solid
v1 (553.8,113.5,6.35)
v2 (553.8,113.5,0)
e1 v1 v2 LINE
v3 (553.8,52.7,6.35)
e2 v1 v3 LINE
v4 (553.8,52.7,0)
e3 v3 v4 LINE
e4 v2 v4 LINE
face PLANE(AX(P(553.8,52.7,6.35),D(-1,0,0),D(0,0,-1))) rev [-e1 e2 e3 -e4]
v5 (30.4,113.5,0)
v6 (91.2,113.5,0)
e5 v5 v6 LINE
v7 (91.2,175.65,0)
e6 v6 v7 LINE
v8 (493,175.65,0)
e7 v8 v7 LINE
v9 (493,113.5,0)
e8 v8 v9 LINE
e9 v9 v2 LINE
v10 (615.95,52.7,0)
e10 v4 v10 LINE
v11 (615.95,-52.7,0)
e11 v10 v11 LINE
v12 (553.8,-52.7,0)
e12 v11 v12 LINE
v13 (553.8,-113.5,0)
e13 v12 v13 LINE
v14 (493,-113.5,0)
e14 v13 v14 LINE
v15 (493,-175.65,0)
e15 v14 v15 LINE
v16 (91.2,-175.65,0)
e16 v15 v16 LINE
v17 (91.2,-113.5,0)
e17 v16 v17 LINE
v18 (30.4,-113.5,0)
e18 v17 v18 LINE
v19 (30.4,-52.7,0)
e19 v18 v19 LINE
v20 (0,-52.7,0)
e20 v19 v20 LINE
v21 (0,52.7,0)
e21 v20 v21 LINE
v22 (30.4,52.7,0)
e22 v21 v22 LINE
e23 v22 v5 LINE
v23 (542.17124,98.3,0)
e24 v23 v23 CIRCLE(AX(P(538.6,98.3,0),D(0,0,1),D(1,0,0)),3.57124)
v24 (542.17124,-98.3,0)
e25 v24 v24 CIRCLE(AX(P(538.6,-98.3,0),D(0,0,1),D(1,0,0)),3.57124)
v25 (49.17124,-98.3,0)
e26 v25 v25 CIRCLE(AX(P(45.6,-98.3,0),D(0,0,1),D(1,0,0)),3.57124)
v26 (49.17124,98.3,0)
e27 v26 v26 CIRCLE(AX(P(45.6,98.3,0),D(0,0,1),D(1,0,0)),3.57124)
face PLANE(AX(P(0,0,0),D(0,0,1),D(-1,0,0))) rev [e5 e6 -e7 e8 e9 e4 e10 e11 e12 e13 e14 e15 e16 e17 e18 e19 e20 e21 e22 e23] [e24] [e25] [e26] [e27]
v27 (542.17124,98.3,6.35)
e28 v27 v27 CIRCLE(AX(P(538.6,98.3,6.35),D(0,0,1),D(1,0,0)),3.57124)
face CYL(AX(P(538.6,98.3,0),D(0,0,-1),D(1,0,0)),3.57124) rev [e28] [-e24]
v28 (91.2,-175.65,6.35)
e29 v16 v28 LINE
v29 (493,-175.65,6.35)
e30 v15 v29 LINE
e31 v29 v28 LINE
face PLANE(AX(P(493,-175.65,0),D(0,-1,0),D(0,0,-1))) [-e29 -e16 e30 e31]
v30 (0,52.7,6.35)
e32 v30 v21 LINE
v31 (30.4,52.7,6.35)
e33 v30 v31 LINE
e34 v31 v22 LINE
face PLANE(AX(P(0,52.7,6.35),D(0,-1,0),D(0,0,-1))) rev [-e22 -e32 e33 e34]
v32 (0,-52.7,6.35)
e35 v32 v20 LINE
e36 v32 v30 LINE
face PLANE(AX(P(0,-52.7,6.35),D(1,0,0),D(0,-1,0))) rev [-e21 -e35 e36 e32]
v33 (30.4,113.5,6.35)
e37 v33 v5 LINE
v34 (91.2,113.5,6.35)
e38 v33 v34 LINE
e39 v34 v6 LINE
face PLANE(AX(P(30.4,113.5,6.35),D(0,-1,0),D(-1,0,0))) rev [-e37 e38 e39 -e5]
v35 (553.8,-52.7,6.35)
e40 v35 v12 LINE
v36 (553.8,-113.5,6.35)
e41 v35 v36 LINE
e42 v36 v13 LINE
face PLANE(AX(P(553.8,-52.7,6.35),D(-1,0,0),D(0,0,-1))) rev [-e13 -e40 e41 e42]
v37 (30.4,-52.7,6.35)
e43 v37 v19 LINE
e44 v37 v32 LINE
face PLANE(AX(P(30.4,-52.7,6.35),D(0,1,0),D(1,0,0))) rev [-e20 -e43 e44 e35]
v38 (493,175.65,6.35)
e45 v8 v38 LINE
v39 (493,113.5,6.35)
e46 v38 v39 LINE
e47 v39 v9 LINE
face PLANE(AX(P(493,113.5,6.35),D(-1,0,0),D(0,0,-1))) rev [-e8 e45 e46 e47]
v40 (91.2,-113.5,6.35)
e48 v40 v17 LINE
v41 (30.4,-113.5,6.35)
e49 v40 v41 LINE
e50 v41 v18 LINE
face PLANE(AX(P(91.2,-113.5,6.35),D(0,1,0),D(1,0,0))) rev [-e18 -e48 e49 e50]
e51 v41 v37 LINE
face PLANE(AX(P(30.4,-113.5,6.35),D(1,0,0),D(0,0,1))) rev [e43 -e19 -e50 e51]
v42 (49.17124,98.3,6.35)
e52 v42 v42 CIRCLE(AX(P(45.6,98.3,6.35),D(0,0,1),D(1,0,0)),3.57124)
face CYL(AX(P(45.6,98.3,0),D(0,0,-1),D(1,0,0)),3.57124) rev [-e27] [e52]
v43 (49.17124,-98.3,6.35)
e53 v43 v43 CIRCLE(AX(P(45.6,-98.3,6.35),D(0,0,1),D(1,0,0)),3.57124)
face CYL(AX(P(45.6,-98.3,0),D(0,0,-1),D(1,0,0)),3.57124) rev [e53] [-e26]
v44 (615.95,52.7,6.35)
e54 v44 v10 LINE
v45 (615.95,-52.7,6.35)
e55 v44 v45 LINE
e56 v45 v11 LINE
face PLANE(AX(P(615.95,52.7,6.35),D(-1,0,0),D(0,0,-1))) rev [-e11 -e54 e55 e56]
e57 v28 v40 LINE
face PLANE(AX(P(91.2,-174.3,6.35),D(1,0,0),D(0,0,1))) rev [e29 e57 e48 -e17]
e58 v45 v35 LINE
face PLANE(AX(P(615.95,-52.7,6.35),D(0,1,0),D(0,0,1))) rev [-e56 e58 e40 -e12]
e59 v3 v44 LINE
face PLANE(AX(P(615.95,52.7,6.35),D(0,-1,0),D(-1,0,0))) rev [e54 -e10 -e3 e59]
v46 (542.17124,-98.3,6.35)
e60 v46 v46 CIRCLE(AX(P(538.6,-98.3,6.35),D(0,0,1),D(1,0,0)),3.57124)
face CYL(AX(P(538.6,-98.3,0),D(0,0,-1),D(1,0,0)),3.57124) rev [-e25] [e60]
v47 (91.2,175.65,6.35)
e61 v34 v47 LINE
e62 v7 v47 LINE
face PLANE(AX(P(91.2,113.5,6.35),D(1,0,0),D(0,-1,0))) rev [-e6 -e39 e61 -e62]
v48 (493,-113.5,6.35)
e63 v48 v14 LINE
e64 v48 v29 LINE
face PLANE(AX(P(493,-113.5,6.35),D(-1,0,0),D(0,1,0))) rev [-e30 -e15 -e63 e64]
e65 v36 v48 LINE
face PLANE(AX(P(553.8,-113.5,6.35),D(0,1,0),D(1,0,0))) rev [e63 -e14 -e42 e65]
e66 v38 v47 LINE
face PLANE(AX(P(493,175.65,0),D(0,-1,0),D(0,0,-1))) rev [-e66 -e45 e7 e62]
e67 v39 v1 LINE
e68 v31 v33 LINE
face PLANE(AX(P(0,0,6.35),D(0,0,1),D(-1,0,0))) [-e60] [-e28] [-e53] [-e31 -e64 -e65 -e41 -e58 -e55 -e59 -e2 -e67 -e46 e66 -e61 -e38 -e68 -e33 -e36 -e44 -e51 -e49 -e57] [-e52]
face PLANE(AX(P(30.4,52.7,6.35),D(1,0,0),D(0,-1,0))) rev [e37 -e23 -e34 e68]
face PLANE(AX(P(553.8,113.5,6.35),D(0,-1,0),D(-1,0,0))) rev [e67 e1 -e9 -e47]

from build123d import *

# Parameters (mm, degrees)
BOSS_EXTRU_1_DEPTH      = 6.35
ESQUISSE2_W             = 401.8
ESQUISSE2_H             = 6.35
ENL_V_MAT_EXTRU_1_DEPTH = 643.307344657
D_GAGEMENT_1_41_D       = 7.14248
ESQUISSE5_W             = 401.8
ESQUISSE5_H             = 1.35
BOSS_EXTRU_2_DEPTH      = 6.35


with BuildPart() as part:
    # Esquisse1 → Boss.-Extru.1 (new body)
    with BuildSketch(Plane.XY):
        Polygon((-615.95, 52.7), (-615.95, -52.7), (-553.8, -52.7), (-553.8, -113.5), (-493, -113.5), (-493, -174.3), (-91.2, -174.3), (-91.2, -113.5), (-30.4, -113.5), (-30.4, -52.7), (0, -52.7), (0, 52.7), (-30.4, 52.7), (-30.4, 113.5), (-91.2, 113.5), (-91.2, 182), (-493, 182), (-493, 113.5), (-553.8, 113.5), (-553.8, 52.7), align=None)
    extrude(amount=BOSS_EXTRU_1_DEPTH)

    # Esquisse2 → Enlèv. mat.-Extru.1 (cut, through all)
    with BuildSketch(Plane.XY.offset(6.35)):
        with Locations((-292.1, 178.825)):
            Rectangle(ESQUISSE2_W, ESQUISSE2_H)
    extrude(amount=-ENL_V_MAT_EXTRU_1_DEPTH, mode=Mode.SUBTRACT)

    # Dégagement 1/41 (through all)
    with Locations(Plane(origin=(0, 0, 0), x_dir=(-1, 0, 0), z_dir=(0, 0, -1))):
        with Locations((45.6, 98.3), (45.6, -98.3), (538.6, -98.3), (538.6, 98.3)):
            Hole(D_GAGEMENT_1_41_D / 2)

    # Esquisse5 → Boss.-Extru.2 (add, through all)
    with BuildSketch(Plane.XY.offset(6.35)):
        with Locations((-292.1, -174.975)):
            Rectangle(ESQUISSE5_W, ESQUISSE5_H)
    extrude(amount=-BOSS_EXTRU_2_DEPTH)


with BuildPart() as body_2:
    # Symétrie1: mirrored copy
    add(part.part.mirror(Plane(origin=(0, -52.7, 6.35), x_dir=(0, 0, 1), z_dir=(-1, 0, 0))))


solid = body_2.part
